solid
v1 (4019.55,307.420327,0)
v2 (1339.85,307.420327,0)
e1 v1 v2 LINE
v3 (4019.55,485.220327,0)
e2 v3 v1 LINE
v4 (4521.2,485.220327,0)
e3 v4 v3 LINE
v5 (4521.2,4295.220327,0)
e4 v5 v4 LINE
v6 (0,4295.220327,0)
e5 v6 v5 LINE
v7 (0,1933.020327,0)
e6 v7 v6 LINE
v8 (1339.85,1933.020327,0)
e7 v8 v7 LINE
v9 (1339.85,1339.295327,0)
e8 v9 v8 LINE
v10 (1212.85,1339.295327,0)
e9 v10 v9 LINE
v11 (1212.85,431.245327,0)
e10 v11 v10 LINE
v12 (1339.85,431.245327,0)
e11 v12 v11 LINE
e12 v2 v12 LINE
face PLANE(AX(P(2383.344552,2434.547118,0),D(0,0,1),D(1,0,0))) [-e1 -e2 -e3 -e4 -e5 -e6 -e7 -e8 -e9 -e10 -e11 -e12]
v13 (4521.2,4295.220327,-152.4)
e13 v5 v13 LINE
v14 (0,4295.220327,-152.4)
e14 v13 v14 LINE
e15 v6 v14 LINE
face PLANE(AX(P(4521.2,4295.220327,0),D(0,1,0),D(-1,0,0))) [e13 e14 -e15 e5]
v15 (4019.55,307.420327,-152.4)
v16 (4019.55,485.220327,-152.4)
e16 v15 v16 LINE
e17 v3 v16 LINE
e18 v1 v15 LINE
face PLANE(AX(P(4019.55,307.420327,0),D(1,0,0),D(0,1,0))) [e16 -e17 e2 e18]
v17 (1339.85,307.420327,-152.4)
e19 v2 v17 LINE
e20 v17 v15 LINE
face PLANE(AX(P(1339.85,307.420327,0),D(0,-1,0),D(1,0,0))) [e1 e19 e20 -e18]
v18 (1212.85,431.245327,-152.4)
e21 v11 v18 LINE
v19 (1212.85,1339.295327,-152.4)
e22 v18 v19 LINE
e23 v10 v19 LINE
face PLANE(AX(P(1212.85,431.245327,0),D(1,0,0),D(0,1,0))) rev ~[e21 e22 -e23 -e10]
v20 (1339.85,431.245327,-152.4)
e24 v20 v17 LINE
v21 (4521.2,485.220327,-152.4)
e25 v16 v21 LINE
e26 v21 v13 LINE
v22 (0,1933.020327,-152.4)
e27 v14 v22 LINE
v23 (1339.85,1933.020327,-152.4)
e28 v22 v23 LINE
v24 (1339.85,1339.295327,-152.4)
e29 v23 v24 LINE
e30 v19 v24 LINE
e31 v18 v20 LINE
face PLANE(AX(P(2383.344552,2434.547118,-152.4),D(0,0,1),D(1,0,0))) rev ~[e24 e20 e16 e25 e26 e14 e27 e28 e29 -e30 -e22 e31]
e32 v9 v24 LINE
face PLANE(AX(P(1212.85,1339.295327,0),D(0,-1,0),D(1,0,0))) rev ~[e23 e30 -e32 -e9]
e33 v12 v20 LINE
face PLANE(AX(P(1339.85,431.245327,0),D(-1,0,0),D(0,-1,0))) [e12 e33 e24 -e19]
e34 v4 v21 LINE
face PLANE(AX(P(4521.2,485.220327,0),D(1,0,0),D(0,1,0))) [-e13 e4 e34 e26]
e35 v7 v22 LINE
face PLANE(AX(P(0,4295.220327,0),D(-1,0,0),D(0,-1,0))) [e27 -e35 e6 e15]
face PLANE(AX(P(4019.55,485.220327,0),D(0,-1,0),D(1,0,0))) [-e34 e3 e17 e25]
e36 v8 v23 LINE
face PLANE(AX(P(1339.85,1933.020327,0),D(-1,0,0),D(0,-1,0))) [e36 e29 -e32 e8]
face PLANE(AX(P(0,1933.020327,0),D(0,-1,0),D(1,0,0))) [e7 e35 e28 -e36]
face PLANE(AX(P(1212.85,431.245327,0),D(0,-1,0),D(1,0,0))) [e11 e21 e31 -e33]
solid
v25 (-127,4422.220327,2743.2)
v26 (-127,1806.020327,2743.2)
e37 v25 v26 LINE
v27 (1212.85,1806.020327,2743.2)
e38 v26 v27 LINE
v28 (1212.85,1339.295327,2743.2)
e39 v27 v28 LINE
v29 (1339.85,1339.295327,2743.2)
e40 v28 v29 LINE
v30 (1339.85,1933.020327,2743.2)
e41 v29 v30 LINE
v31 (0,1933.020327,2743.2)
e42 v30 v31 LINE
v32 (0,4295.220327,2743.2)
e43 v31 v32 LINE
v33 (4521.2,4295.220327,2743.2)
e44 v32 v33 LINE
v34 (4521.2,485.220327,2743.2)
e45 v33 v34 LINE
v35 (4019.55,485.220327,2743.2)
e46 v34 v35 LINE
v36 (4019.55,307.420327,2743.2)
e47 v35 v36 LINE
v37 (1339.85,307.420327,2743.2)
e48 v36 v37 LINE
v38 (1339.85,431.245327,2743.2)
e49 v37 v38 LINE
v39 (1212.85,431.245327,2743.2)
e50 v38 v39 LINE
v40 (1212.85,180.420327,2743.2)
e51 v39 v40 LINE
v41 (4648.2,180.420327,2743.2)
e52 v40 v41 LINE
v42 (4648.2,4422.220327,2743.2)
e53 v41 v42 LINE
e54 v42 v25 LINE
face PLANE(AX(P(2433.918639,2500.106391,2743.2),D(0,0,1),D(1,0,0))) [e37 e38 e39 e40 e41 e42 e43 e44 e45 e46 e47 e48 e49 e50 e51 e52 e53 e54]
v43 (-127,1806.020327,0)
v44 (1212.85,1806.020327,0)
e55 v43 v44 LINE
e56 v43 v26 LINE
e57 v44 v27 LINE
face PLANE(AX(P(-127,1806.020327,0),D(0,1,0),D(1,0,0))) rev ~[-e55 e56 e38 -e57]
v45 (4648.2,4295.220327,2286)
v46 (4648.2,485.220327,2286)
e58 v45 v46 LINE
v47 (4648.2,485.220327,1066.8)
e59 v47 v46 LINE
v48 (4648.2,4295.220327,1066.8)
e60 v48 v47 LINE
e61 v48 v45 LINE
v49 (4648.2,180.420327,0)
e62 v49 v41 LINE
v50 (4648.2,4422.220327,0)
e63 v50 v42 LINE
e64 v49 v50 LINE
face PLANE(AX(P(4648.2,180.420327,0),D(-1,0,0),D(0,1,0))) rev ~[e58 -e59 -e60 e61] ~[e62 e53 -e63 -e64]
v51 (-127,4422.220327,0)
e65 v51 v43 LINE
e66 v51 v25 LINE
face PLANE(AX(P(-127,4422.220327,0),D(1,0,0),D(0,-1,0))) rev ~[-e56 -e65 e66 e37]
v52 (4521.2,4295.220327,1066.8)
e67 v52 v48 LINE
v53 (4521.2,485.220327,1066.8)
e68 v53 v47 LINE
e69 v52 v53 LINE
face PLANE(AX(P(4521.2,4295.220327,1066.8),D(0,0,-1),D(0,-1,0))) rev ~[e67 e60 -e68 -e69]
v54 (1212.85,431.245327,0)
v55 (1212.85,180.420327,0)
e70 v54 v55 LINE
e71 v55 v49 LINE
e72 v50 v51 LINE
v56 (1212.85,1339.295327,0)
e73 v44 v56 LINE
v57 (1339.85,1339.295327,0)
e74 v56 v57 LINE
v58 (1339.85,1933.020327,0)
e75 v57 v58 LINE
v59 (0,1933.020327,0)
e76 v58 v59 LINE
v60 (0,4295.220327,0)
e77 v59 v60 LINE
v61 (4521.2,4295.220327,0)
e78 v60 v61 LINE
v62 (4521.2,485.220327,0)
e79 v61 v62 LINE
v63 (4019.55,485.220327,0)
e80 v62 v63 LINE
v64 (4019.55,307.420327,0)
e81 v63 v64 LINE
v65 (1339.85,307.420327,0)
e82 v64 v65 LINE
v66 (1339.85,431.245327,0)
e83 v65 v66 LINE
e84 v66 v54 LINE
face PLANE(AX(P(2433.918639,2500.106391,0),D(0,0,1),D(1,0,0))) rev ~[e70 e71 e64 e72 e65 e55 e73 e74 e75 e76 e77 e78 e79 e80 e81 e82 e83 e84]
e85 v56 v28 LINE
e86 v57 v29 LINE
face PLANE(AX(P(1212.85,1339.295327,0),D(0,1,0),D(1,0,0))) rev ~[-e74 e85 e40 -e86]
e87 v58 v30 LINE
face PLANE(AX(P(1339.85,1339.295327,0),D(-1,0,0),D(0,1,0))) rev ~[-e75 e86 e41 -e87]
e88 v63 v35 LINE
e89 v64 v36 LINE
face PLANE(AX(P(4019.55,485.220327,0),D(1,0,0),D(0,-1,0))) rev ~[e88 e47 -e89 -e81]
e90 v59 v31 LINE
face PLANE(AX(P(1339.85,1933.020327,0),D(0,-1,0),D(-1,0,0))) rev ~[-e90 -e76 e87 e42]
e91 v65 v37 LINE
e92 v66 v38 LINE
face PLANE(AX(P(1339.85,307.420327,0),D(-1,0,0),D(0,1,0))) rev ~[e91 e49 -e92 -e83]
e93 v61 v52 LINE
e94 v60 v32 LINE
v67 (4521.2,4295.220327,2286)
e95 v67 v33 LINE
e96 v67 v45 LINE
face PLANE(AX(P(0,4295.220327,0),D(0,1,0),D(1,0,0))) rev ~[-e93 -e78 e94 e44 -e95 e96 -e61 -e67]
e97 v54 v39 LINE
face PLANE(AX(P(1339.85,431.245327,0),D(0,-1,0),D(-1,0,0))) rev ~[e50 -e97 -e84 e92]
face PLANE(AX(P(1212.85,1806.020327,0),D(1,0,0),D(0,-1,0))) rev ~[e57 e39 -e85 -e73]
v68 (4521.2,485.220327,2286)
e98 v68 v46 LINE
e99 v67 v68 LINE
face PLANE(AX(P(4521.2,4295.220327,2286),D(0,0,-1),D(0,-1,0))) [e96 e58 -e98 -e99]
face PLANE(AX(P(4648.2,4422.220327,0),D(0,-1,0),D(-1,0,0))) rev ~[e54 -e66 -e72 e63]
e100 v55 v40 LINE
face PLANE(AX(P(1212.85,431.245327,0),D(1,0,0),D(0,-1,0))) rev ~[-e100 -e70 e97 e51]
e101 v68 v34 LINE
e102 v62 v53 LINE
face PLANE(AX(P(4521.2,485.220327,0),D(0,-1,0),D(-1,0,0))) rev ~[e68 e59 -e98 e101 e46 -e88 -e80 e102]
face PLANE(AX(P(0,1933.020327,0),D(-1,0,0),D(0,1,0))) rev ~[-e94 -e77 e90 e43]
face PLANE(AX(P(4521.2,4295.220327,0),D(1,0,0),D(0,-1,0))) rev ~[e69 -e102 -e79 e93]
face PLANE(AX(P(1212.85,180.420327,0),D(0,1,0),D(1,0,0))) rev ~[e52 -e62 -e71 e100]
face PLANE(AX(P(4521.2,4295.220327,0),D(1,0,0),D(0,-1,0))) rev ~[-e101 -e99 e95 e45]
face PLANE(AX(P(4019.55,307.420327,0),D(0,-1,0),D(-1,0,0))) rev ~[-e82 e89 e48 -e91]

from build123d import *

# Parameters (mm, degrees)
F1_DEPTH = 2743.2
F2_W     = 3810
F2_H     = 1219.2
F3_DEPTH = 127
F0_W     = 127
F0_H     = 908.05
F4_DEPTH = 152.4


with BuildPart() as f1:
    # F0 (on Top) → F1 (new body)
    with BuildSketch(Plane.XY):
        Polygon((4019.55, 307.420327), (1339.85, 307.420327), (1339.85, 431.245327), (1212.85, 431.245327), (1212.85, 180.420327), (4648.2, 180.420327), (4648.2, 4422.220327), (-127, 4422.220327), (-127, 1806.020327), (1212.85, 1806.020327), (1212.85, 1339.295327), (1339.85, 1339.295327), (1339.85, 1933.020327), (0, 1933.020327), (0, 4295.220327), (4521.2, 4295.220327), (4521.2, 485.220327), (4019.55, 485.220327), align=None)
    extrude(amount=F1_DEPTH)

    # F2 (on face) → F3 (cut, through all)
    with BuildSketch(Plane(origin=(4521.2, 0, 0), x_dir=(0, -1, 0), z_dir=(-1, 0, 0))):
        with Locations((-2390.220327, 1676.4)):
            Rectangle(F2_W, F2_H)
    extrude(amount=-F3_DEPTH, mode=Mode.SUBTRACT)

    # F0 (on Top) → F4 (join)
    with BuildSketch(Plane.XY):
        Polygon((1339.85, 431.245327), (1339.85, 307.420327), (4019.55, 307.420327), (4019.55, 485.220327), (4521.2, 485.220327), (4521.2, 4295.220327), (0, 4295.220327), (0, 1933.020327), (1339.85, 1933.020327), (1339.85, 1339.295327), align=None)
        with Locations((1276.35, 885.270327)):
            Rectangle(F0_W, F0_H)
    extrude(amount=-F4_DEPTH)


solid = f1.part
